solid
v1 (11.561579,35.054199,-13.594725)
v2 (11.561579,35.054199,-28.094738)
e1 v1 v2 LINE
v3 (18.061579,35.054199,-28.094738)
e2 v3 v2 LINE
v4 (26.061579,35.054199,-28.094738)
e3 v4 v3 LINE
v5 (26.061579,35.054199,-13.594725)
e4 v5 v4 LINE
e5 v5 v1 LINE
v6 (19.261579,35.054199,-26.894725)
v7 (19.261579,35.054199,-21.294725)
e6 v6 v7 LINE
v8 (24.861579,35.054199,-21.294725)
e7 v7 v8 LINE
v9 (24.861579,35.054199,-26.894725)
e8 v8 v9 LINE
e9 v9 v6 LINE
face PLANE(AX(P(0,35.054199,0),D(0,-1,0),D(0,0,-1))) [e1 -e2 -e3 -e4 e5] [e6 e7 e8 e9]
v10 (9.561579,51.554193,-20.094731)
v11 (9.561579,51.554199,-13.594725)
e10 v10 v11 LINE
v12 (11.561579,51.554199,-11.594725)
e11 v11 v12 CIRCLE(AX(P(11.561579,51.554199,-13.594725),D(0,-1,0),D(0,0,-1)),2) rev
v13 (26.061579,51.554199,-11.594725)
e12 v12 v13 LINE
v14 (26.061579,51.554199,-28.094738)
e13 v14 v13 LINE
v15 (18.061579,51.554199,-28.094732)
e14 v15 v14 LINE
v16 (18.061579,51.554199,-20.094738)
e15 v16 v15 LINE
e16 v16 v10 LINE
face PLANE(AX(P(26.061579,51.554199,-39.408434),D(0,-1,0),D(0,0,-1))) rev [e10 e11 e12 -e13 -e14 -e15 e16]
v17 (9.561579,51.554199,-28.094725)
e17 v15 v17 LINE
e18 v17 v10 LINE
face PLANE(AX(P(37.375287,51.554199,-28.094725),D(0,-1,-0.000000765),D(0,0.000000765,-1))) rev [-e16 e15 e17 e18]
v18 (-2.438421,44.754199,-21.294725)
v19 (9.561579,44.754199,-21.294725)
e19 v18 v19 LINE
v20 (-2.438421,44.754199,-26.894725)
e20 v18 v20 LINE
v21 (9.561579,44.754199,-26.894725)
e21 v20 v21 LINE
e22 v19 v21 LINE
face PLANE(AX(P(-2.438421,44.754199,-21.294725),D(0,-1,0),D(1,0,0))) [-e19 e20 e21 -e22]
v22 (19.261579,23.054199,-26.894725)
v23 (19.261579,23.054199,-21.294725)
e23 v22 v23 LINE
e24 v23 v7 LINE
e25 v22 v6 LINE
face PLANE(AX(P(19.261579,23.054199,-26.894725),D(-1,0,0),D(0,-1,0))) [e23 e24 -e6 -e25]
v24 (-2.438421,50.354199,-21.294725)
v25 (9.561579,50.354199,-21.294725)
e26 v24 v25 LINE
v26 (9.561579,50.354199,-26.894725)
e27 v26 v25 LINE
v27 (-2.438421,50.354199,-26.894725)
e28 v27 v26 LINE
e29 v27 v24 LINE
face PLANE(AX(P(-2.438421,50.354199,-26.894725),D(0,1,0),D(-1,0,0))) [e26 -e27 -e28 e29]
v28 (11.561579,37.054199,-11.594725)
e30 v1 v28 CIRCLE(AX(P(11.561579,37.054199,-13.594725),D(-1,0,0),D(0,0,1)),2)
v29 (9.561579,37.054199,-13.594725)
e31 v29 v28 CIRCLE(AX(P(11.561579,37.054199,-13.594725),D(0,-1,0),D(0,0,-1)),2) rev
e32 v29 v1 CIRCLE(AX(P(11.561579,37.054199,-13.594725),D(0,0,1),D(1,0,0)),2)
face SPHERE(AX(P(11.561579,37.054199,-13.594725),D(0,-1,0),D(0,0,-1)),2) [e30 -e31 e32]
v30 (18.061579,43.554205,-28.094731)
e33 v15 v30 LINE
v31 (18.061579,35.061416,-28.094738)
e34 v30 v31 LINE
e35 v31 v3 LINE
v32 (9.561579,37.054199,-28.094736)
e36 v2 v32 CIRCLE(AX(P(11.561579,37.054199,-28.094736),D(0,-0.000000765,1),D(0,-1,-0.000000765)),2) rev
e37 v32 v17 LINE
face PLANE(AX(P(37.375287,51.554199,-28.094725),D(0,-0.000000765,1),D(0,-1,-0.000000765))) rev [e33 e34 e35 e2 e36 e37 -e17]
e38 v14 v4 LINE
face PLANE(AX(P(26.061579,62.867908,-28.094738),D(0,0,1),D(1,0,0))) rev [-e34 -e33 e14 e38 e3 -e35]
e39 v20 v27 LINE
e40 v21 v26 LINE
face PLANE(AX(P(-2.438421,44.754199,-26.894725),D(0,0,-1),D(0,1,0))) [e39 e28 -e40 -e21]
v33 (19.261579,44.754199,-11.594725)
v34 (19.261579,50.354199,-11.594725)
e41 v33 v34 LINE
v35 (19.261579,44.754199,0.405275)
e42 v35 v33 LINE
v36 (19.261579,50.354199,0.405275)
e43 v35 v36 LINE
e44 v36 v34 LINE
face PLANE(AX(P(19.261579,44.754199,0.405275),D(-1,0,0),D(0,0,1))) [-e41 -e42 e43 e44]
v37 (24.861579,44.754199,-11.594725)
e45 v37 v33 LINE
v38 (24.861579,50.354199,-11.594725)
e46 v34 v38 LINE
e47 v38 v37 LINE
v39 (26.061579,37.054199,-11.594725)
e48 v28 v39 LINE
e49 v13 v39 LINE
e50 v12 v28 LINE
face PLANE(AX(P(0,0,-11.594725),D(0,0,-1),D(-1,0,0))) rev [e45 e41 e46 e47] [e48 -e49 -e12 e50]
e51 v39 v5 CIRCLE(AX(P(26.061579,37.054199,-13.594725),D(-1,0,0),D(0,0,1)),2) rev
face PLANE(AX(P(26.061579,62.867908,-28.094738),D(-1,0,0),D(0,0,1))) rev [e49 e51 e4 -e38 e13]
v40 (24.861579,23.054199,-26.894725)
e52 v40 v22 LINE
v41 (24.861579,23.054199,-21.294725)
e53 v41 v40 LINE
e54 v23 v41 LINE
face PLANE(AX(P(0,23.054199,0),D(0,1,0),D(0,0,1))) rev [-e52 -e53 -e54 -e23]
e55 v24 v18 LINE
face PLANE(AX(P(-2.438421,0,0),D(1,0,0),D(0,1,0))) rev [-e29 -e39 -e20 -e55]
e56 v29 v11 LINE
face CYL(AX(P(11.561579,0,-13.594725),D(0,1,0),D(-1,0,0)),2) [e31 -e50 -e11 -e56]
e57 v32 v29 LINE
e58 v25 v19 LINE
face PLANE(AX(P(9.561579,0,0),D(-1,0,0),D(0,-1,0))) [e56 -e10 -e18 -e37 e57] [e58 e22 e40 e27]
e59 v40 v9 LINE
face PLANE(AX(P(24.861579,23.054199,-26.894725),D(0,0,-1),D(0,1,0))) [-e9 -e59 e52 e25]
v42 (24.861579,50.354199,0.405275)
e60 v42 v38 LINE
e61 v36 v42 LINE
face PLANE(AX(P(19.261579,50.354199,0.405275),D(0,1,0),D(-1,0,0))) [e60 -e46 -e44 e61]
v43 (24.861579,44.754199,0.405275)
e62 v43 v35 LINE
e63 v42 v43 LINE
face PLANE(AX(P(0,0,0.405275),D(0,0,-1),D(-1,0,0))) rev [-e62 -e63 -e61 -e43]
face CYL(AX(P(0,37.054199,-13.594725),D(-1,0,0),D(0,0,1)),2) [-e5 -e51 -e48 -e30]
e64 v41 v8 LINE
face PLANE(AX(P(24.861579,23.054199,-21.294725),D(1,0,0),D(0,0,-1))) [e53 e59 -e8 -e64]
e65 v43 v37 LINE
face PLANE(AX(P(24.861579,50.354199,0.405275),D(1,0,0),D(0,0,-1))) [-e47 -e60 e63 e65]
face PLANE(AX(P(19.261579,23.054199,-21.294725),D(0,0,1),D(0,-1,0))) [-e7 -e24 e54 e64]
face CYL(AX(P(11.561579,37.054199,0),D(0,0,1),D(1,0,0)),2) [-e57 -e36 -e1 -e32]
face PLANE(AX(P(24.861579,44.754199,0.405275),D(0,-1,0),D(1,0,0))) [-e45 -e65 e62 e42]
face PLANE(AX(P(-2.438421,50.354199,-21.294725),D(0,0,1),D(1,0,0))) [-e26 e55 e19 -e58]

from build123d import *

# Parameters (mm, degrees)
BOSS_EXTRUDE1_DEPTH = 12
BOSS_EXTRUDE2_DEPTH = 12
BOSS_EXTRUDE3_DEPTH = 12
SKETCH4_W           = 8
SKETCH4_H           = 8
BOSS_EXTRUDE4_DEPTH = 16.5
BOSS_EXTRUDE5_REACH = 62.987
SKETCH5_W           = 7.999993884
SKETCH5_H           = 7.999993884
BOSS_EXTRUDE6_REACH = 43.723
SKETCH6_W           = 8
SKETCH6_H           = 8
SKETCH8_W           = 16.5
SKETCH8_H           = 16.5
BOSS_EXTRUDE7_DEPTH = 16.5
FILLET2_R           = 2


with BuildPart() as part:
    # Sketch1 → Boss-Extrude1 (new body)
    with BuildSketch(Plane(origin=(0, 35.05419916, 0), x_dir=(0.9999999620637957, 0, 0.0002754494639987688), z_dir=(0, 1, 0))):
        Polygon((19.25571253, 21.300030132), (24.855712318, 21.301572649), (24.854169801, 26.901572436), (19.254170013, 26.900029919), align=None)
    extrude(amount=-BOSS_EXTRUDE1_DEPTH)


with BuildPart() as body_2:
    # Sketch2 → Boss-Extrude2 (new body)
    with BuildSketch(Plane(origin=(9.561578882, 0, 0), x_dir=(0, 7.645378823372435e-07, -0.9999999999997079), z_dir=(1, 0, 0))):
        Polygon((26.894759564, 44.754178598), (26.894763846, 50.354178598), (21.294763846, 50.35418288), (21.294759564, 44.75418288), align=None)
    extrude(amount=-BOSS_EXTRUDE2_DEPTH)


with BuildPart() as body_3:
    # Sketch3 → Boss-Extrude3 (new body)
    with BuildSketch(Plane(origin=(0, 0, -11.594725348), x_dir=(-0.9999999616408898, -0.00027698053959765705, 0), z_dir=(0, 0, -1))):
        Polygon((-24.875525061, 50.347311055), (-24.87397397, 44.74731127), (-19.273974185, 44.748862361), (-19.275525276, 50.348862146), align=None)
    extrude(amount=-BOSS_EXTRUDE3_DEPTH)

    # Sketch4 → Boss-Extrude4 (add)
    with BuildSketch(Plane(origin=(0, 0, -11.594725348), x_dir=(-1, 0, 0), z_dir=(0, 0, -1))):
        with Locations((-22.061578882, 47.55419916)):
            Rectangle(SKETCH4_W, SKETCH4_H)
    extrude(amount=BOSS_EXTRUDE4_DEPTH)

    # Boss-Extrude5: up to this face of the body (flat: up to its plane)
    boss_extrude5_end = Plane(body_3.part.faces().sort_by_distance((26.061578882, 47.55419916, -19.844725348))[0])
    # Sketch5 → Boss-Extrude5 (add, up to the picked face)
    with BuildSketch(Plane(origin=(9.561578882, 0, 0), x_dir=(0, 7.645378823474896e-07, -0.9999999999997079), z_dir=(1, 0, 0)), mode=Mode.PRIVATE) as boss_extrude5_sk1:
        with Locations((24.094767821, 47.554180739)):
            Rectangle(SKETCH5_W, SKETCH5_H)
    boss_extrude5_tool1 = split(extrude(boss_extrude5_sk1.sketch, amount=BOSS_EXTRUDE5_REACH, mode=Mode.PRIVATE), bisect_by=boss_extrude5_end, keep=Keep.BOTH, mode=Mode.PRIVATE)

    add(body_2.part)  # Boss-Extrude5 merges body 2
    add(boss_extrude5_tool1.solids().sort_by(Axis((9.561579, 47.554199, -24.094731), (1, 0, 0)))[0])

    # Boss-Extrude6: up to this face of the body (flat: up to its plane)
    boss_extrude6_end = Plane(body_3.part.faces().sort_by_distance((22.061578882, 51.55419916, -19.844725348))[0])
    # Sketch6 → Boss-Extrude6 (add, up to the picked face)
    with BuildSketch(Plane(origin=(0, 35.05419916, 0), x_dir=(1, 0, 0), z_dir=(0, 1, 0)), mode=Mode.PRIVATE) as boss_extrude6_sk1:
        with Locations((22.061578882, 24.094737957)):
            Rectangle(SKETCH6_W, SKETCH6_H)
    boss_extrude6_tool1 = split(extrude(boss_extrude6_sk1.sketch, amount=BOSS_EXTRUDE6_REACH, mode=Mode.PRIVATE), bisect_by=boss_extrude6_end, keep=Keep.BOTH, mode=Mode.PRIVATE)

    add(part.part)  # Boss-Extrude6 merges part
    add(boss_extrude6_tool1.solids().sort_by(Axis((22.061579, 35.054199, -24.094738), (0, 1, 0)))[0])

    # Sketch8 → Boss-Extrude7 (add)
    with BuildSketch(Plane.XY.offset(-11.594725348)):
        with Locations((17.811578882, 43.30419916)):
            Rectangle(SKETCH8_W, SKETCH8_H)
    extrude(amount=-BOSS_EXTRUDE7_DEPTH)

    # Fillet2
    fillet2_edges = [body_3.edges().sort_by_distance(p)[0] for p in [
        (9.561578882, 35.05419916, -19.844725348),
        (9.561578882, 43.30419916, -11.594725348),
        (17.811578882, 35.05419916, -11.594725348),
    ]]
    fillet(fillet2_edges, radius=FILLET2_R)


solid = body_3.part
